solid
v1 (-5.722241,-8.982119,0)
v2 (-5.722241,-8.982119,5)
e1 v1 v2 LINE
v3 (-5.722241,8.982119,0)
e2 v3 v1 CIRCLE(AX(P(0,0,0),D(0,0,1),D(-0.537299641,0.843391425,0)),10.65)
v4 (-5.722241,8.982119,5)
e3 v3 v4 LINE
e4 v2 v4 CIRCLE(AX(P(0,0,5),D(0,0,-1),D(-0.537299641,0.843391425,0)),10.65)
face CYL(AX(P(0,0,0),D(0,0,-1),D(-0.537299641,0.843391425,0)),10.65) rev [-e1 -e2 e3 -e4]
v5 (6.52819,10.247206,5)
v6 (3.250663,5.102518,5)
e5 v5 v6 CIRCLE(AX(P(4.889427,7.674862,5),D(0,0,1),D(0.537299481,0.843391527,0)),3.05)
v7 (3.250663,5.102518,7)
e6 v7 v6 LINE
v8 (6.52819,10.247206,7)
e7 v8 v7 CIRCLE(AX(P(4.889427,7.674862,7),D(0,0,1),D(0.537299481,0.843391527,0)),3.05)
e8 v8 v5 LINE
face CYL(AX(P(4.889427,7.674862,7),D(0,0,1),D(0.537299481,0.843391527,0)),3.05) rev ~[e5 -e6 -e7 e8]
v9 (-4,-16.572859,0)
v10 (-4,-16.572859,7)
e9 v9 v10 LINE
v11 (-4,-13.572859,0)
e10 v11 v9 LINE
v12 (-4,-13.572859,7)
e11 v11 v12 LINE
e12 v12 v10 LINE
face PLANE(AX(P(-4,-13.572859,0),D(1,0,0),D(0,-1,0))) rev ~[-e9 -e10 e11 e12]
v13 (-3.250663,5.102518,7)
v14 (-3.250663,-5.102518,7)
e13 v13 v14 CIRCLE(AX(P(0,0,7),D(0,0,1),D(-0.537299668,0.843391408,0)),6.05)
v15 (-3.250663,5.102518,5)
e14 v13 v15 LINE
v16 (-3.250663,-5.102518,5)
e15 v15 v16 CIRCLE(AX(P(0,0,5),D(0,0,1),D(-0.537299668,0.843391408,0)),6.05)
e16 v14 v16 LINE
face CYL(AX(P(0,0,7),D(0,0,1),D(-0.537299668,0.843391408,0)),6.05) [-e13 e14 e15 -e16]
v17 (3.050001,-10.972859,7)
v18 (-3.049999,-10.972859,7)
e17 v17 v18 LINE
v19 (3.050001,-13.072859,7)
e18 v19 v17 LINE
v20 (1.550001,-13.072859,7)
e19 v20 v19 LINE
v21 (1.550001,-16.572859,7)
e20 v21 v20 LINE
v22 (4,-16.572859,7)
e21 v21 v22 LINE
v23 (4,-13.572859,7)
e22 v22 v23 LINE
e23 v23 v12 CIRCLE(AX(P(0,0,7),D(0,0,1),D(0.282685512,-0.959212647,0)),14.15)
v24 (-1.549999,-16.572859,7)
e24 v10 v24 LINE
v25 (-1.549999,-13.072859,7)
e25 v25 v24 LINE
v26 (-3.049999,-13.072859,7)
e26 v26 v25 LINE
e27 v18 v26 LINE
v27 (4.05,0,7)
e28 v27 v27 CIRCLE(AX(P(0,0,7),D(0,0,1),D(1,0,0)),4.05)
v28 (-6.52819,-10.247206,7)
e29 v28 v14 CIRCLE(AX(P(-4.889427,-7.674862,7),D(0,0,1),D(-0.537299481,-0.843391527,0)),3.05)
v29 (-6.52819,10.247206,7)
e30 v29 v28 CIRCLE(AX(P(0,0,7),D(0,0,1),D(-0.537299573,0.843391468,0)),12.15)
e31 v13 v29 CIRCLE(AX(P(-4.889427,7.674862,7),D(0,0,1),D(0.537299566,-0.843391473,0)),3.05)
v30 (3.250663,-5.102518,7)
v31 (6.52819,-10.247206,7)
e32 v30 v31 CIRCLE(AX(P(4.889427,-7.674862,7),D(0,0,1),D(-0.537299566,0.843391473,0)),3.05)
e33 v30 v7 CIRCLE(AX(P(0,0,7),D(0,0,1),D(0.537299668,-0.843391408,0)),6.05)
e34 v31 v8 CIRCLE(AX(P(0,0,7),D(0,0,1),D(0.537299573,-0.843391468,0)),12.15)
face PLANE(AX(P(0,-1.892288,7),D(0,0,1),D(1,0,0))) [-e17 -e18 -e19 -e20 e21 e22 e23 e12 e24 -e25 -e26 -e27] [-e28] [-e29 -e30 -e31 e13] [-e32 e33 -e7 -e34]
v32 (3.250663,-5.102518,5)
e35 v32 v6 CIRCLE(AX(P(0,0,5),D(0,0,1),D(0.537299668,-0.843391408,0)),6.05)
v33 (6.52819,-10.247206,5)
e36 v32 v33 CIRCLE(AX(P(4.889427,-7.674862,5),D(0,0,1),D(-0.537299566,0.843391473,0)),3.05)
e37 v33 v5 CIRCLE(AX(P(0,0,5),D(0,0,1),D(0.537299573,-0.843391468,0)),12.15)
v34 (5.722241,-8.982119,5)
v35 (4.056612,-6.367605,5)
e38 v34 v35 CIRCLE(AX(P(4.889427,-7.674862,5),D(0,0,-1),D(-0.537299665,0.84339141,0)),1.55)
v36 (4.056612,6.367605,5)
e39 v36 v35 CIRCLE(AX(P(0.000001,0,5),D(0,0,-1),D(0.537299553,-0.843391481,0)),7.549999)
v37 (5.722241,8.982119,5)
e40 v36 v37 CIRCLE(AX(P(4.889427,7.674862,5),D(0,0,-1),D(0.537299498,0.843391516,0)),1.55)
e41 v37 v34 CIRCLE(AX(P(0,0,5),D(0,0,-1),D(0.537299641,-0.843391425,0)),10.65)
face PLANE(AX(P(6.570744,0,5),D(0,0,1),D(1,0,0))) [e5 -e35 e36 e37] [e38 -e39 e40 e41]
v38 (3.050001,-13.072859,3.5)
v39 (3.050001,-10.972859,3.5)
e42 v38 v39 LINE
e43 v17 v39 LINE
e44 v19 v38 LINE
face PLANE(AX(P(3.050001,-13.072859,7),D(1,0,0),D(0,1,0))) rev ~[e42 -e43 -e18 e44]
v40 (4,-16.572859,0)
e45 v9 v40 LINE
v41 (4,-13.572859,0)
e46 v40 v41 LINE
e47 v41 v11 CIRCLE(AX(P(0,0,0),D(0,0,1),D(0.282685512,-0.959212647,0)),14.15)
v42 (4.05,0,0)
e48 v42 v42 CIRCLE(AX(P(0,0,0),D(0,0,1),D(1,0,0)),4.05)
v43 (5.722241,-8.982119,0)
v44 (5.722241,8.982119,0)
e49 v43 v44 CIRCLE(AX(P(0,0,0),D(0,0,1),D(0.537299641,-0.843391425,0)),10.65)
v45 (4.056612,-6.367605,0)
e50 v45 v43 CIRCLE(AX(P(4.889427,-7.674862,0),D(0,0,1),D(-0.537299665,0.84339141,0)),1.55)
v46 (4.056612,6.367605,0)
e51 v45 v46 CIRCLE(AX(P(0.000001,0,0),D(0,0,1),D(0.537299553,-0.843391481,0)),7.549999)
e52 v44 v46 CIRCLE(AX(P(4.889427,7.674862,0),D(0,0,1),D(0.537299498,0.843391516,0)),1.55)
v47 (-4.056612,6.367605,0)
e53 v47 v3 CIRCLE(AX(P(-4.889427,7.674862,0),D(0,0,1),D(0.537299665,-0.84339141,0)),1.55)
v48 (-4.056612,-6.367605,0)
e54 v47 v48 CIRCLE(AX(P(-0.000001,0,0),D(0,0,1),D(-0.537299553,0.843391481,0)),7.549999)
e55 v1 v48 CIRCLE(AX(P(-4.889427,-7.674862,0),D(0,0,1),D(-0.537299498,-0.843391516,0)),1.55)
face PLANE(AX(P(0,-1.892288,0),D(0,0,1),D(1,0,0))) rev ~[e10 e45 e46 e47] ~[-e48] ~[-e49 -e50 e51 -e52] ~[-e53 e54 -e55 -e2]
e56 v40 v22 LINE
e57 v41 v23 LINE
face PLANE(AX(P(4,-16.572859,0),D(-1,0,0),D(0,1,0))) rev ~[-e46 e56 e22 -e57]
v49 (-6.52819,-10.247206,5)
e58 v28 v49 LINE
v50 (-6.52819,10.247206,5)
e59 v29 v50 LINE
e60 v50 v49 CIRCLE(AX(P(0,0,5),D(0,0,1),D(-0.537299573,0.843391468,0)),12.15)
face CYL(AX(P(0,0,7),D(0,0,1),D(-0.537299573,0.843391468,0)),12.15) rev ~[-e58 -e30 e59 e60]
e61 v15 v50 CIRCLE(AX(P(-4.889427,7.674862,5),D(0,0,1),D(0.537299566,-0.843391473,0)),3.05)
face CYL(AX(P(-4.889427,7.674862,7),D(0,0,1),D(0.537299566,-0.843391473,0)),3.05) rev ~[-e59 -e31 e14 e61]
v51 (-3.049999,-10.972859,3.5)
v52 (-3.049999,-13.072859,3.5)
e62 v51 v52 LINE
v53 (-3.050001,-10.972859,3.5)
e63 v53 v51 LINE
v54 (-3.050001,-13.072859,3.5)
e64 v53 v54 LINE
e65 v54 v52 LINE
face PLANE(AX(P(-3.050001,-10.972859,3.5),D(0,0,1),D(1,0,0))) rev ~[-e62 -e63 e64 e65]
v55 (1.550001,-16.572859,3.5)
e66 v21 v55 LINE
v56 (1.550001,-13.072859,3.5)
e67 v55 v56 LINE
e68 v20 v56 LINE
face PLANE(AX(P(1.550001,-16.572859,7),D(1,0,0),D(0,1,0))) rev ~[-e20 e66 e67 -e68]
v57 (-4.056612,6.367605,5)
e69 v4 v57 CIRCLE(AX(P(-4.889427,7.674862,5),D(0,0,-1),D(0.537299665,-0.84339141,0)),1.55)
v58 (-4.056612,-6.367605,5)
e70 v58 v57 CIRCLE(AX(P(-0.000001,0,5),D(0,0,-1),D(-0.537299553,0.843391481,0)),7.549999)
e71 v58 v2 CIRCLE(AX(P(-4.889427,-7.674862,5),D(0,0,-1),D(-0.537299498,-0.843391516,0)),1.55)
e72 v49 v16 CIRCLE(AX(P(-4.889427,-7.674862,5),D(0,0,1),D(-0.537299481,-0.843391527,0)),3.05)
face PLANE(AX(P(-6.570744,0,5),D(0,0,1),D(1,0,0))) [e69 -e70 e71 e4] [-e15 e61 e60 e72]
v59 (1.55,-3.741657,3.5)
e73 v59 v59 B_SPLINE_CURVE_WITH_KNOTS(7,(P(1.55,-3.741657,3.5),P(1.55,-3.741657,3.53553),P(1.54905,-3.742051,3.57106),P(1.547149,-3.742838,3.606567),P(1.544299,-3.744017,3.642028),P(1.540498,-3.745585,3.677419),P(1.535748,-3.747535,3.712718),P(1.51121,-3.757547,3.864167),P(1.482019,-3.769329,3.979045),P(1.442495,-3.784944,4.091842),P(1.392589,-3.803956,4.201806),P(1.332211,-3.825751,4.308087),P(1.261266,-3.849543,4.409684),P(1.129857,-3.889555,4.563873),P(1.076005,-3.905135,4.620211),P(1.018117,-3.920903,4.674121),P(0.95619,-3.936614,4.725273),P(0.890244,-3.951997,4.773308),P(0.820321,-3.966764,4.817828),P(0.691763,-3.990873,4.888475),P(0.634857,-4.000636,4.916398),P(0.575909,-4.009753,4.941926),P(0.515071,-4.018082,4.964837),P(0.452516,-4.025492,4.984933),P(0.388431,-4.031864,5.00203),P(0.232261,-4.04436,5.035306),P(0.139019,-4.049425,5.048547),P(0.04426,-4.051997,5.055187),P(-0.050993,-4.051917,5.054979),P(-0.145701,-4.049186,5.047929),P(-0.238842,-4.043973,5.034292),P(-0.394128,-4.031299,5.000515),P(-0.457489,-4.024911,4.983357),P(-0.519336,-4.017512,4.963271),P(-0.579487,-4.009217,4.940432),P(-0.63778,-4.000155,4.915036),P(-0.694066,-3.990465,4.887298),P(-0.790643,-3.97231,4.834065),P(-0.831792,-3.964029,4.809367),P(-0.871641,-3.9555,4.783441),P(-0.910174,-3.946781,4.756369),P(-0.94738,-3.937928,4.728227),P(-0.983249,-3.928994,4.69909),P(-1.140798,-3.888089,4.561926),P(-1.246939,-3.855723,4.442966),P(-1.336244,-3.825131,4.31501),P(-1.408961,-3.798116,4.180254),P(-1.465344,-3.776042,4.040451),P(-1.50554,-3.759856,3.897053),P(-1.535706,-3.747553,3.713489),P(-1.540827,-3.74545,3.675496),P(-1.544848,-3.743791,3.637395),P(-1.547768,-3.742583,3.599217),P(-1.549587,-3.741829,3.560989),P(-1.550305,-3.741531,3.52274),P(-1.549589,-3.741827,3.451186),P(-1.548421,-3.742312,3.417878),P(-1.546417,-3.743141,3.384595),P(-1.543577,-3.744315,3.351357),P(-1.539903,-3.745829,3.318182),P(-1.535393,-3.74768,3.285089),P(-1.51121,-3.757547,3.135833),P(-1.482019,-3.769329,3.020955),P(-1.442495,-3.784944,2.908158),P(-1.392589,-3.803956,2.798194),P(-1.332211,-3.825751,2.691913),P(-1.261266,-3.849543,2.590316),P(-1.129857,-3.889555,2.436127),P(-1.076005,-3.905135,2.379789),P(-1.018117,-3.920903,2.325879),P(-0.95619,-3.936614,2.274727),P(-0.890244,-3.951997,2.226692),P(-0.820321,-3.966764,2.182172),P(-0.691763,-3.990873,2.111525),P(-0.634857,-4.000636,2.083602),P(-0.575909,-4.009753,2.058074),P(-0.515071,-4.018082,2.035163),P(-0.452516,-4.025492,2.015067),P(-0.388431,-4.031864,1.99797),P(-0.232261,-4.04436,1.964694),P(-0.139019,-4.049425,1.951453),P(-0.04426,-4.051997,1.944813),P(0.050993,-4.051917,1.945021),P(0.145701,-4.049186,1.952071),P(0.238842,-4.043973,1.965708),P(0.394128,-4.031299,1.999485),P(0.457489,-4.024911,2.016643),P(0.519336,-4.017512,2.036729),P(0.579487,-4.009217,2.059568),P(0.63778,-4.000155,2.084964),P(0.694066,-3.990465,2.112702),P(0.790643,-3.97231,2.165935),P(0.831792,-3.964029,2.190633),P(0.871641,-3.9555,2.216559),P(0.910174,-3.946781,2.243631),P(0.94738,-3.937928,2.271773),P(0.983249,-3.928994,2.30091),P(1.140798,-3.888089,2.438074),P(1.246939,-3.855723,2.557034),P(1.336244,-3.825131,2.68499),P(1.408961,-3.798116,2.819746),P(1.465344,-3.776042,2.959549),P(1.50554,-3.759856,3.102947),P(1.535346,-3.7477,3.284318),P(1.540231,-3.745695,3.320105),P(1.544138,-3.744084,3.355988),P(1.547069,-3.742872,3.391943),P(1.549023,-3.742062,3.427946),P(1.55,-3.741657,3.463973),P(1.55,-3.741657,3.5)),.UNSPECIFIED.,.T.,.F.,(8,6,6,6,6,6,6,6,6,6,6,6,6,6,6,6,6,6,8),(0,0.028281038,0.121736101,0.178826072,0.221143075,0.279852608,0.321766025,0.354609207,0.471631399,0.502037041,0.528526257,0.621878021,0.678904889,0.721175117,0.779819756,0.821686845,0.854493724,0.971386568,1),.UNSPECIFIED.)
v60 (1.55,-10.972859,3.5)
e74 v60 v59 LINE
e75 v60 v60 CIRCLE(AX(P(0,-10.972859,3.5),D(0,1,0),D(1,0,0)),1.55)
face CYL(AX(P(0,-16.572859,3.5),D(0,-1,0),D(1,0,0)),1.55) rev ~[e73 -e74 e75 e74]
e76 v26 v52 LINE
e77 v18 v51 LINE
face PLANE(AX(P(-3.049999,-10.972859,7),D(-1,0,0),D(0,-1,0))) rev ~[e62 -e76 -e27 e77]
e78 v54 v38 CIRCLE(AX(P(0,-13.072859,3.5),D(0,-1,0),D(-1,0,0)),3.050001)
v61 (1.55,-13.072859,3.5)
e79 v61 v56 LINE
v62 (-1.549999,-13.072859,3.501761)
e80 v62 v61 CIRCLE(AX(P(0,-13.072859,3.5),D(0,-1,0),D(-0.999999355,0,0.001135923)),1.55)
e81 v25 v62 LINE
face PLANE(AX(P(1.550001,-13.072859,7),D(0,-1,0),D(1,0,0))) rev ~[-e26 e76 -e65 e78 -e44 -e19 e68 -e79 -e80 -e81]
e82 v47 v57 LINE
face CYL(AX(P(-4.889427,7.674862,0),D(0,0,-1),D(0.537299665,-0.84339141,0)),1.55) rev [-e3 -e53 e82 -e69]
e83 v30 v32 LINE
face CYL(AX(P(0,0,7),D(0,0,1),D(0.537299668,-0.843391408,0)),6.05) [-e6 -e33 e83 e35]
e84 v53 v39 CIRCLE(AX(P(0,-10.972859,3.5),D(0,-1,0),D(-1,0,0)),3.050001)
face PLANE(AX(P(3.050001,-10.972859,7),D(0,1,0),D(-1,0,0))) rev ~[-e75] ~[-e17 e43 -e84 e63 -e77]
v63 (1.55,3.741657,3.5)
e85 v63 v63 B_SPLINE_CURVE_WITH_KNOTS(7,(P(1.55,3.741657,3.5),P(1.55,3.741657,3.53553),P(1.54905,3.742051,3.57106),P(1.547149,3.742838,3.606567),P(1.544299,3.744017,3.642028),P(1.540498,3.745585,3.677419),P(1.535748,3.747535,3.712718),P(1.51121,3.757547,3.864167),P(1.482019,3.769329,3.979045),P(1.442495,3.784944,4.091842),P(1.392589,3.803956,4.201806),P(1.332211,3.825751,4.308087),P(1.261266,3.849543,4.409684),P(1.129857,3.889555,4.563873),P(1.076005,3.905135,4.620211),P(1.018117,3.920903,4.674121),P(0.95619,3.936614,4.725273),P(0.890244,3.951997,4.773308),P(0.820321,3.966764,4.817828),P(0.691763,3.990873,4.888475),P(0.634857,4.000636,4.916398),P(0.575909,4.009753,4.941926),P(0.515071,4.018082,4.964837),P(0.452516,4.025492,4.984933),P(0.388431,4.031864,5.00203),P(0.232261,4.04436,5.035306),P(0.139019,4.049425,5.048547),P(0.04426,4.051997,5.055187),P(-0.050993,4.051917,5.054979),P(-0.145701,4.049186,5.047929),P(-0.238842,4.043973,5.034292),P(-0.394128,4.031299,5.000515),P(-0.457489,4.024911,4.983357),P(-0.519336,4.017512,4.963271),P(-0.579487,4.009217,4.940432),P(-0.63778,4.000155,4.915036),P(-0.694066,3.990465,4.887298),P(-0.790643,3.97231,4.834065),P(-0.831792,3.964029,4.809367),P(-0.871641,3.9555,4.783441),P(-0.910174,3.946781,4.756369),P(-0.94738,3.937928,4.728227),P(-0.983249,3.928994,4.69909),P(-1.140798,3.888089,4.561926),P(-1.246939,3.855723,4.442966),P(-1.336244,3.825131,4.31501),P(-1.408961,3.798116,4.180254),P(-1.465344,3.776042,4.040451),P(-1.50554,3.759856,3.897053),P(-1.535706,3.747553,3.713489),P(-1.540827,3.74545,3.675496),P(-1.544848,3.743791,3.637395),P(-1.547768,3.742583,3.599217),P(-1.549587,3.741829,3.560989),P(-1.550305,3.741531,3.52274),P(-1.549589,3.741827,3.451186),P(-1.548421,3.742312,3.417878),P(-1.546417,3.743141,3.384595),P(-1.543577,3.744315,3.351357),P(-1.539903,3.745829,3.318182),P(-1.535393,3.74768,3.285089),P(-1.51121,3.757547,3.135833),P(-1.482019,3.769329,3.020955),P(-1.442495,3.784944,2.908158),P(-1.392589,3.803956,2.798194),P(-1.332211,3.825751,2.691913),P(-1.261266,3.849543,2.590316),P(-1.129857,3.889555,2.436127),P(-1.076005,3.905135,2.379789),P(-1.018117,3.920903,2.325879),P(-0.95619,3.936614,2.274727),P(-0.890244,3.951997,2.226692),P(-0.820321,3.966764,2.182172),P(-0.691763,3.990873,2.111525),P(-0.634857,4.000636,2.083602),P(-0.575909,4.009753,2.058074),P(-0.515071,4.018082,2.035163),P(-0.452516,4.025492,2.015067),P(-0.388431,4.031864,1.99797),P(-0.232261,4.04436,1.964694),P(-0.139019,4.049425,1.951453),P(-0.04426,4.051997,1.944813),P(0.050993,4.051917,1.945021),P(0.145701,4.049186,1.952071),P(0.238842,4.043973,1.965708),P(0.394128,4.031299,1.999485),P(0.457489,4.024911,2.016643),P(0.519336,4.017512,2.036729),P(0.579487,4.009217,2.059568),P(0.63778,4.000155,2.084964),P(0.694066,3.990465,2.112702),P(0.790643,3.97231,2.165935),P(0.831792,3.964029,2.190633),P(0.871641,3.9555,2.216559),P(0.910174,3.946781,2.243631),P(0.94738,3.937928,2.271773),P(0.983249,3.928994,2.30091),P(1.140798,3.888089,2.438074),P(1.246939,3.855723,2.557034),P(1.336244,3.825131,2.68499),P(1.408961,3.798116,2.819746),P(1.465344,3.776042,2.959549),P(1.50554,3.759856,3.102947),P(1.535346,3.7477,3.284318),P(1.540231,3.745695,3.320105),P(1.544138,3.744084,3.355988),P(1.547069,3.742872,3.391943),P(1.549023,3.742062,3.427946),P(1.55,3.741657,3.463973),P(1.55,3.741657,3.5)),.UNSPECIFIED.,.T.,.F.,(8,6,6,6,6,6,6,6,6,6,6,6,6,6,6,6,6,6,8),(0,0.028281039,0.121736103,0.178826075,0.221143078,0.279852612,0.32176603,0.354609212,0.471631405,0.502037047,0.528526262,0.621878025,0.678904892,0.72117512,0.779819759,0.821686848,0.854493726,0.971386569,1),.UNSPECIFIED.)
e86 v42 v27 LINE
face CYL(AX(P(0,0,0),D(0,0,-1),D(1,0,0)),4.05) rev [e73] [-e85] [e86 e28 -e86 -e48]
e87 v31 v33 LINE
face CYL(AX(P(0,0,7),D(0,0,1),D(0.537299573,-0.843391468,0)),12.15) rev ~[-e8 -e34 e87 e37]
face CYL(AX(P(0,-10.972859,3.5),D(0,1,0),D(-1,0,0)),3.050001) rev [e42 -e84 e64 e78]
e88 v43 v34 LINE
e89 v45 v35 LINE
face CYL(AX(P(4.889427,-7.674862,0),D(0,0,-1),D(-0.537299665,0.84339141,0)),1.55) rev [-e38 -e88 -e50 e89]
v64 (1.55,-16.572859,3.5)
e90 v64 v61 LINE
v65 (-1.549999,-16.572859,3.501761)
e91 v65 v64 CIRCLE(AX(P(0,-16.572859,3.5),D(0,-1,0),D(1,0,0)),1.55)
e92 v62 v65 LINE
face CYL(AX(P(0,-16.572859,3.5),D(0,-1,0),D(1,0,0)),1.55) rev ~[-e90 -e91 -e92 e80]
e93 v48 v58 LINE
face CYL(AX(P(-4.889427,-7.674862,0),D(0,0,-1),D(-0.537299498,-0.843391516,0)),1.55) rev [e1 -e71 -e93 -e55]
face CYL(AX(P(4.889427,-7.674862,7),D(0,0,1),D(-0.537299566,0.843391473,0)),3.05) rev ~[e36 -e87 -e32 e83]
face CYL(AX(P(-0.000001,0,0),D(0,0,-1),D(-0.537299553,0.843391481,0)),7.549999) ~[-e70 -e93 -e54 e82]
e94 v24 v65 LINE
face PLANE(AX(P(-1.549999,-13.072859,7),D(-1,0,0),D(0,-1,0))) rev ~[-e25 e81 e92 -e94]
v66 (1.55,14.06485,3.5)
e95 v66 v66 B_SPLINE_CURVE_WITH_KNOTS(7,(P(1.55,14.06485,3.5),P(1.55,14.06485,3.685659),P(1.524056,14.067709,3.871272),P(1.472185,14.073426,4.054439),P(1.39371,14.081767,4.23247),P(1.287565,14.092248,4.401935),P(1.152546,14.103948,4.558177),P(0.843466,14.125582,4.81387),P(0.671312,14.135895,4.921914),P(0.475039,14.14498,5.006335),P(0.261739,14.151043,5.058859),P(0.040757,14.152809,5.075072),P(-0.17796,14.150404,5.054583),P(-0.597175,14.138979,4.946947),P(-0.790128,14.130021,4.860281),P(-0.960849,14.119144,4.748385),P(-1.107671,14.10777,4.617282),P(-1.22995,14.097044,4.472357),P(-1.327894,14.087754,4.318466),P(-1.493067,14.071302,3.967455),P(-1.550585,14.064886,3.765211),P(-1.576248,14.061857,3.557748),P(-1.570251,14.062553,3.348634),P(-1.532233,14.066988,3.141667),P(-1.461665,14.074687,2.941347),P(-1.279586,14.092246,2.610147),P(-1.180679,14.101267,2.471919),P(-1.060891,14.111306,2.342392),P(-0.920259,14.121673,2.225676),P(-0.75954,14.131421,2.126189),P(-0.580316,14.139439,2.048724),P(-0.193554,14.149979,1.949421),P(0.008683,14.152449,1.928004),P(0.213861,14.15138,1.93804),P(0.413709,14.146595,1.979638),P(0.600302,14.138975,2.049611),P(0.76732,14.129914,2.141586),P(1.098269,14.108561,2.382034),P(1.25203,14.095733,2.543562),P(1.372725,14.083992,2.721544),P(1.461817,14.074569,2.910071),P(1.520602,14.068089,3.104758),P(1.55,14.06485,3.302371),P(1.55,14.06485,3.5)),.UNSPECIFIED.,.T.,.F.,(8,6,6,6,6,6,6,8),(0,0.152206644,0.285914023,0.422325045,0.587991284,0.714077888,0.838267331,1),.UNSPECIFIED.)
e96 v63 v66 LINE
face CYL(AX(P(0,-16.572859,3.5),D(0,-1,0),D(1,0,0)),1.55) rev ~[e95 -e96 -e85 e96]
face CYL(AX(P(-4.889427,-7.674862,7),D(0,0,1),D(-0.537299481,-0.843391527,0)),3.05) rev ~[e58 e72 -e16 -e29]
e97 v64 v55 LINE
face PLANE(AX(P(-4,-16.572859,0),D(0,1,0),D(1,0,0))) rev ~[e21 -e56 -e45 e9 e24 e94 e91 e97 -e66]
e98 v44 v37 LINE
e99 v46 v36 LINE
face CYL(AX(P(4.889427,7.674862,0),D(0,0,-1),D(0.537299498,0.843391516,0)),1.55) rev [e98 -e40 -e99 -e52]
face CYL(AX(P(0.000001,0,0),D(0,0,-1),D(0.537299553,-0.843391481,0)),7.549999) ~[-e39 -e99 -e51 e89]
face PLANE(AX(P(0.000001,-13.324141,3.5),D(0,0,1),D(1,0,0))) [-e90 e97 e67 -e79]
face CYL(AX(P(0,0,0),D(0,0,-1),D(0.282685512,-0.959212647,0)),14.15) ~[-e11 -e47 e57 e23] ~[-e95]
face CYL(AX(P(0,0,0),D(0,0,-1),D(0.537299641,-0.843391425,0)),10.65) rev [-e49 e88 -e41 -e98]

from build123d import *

# Parameters (mm, degrees)
SKETCH_R        = 4.05
EXTRUDE_DEPTH   = 7
SKETCH001_R     = 1.55
POCKET_DEPTH    = 30.723859
POCKET001_DEPTH = 3.5
POCKET002_DEPTH = 2.1
POCKET003_DEPTH = 2


with BuildPart() as part:
    # Sketch → Extrude (new body)
    with BuildSketch(Plane.XY):
        with BuildLine():
            ThreePointArc((4, -13.572859), (0, 14.15), (-4, -13.572859))
            Line((-4, -13.572859), (-4, -16.572859))
            Line((-4, -16.572859), (4, -16.572859))
            Line((4, -16.572859), (4, -13.572859))
        make_face()
        Circle(SKETCH_R, mode=Mode.SUBTRACT)
        with BuildLine():
            ThreePointArc((-4.056612, 6.367605), (-7.55, 0), (-4.056612, -6.367605))
            ThreePointArc((-5.722241, -8.982119), (-3.58217, -8.507677), (-4.056612, -6.367605))
            ThreePointArc((-5.722241, 8.982119), (-10.65, 0), (-5.722241, -8.982119))
            ThreePointArc((-4.056612, 6.367605), (-3.58217, 8.507677), (-5.722241, 8.982119))
        make_face(mode=Mode.SUBTRACT)
        with BuildLine():
            ThreePointArc((4.056612, -6.367605), (7.55, 0), (4.056612, 6.367605))
            ThreePointArc((5.722241, 8.982119), (3.58217, 8.507677), (4.056612, 6.367605))
            ThreePointArc((5.722241, -8.982119), (10.65, 0), (5.722241, 8.982119))
            ThreePointArc((4.056612, -6.367605), (3.58217, -8.507677), (5.722241, -8.982119))
        make_face(mode=Mode.SUBTRACT)
    extrude(amount=EXTRUDE_DEPTH)

    # Sketch001 → Pocket (cut, through all)
    with BuildSketch(Plane.XZ.offset(16.572859)):
        with Locations((0, 3.5)):
            Circle(SKETCH001_R)
    extrude(amount=-POCKET_DEPTH, mode=Mode.SUBTRACT)

    # Sketch002 → Pocket001 (cut)
    with BuildSketch(Plane.XY.offset(7)):
        Polygon((-3.049999, -10.972859), (-3.049999, -13.072859), (-1.549999, -13.072859), (-1.549999, -16.572859), (1.550001, -16.572859), (1.550001, -13.072859), (3.050001, -13.072859), (3.050001, -10.972859), align=None)
    extrude(amount=-POCKET001_DEPTH, mode=Mode.SUBTRACT)

    # Sketch003 → Pocket002 (cut)
    with BuildSketch(Plane.XZ.offset(10.972859)):
        with BuildLine():
            ThreePointArc((-3.050001, 3.5), (0, 0.449999), (3.050001, 3.5))
            Line((-3.050001, 3.5), (3.050001, 3.5))
        make_face()
    extrude(amount=POCKET002_DEPTH, mode=Mode.SUBTRACT)

    # Sketch004 → Pocket003 (cut)
    with BuildSketch(Plane.XY.offset(7)):
        with BuildLine():
            ThreePointArc((-3.250663, 5.102518), (-2.317083, 9.313626), (-6.52819, 10.247206))
            ThreePointArc((-6.52819, 10.247206), (-12.15, 0), (-6.52819, -10.247206))
            ThreePointArc((-6.52819, -10.247206), (-2.317083, -9.313626), (-3.250663, -5.102518))
            ThreePointArc((-3.250663, 5.102518), (-6.05, 0), (-3.250663, -5.102518))
        make_face()
        with BuildLine():
            ThreePointArc((6.52819, 10.247206), (2.317083, 9.313626), (3.250663, 5.102518))
            ThreePointArc((3.250663, -5.102518), (6.05, 0), (3.250663, 5.102518))
            ThreePointArc((3.250663, -5.102518), (2.317083, -9.313626), (6.52819, -10.247206))
            ThreePointArc((6.52819, -10.247206), (12.15, 0), (6.52819, 10.247206))
        make_face()
    extrude(amount=-POCKET003_DEPTH, mode=Mode.SUBTRACT)


solid = part.part
